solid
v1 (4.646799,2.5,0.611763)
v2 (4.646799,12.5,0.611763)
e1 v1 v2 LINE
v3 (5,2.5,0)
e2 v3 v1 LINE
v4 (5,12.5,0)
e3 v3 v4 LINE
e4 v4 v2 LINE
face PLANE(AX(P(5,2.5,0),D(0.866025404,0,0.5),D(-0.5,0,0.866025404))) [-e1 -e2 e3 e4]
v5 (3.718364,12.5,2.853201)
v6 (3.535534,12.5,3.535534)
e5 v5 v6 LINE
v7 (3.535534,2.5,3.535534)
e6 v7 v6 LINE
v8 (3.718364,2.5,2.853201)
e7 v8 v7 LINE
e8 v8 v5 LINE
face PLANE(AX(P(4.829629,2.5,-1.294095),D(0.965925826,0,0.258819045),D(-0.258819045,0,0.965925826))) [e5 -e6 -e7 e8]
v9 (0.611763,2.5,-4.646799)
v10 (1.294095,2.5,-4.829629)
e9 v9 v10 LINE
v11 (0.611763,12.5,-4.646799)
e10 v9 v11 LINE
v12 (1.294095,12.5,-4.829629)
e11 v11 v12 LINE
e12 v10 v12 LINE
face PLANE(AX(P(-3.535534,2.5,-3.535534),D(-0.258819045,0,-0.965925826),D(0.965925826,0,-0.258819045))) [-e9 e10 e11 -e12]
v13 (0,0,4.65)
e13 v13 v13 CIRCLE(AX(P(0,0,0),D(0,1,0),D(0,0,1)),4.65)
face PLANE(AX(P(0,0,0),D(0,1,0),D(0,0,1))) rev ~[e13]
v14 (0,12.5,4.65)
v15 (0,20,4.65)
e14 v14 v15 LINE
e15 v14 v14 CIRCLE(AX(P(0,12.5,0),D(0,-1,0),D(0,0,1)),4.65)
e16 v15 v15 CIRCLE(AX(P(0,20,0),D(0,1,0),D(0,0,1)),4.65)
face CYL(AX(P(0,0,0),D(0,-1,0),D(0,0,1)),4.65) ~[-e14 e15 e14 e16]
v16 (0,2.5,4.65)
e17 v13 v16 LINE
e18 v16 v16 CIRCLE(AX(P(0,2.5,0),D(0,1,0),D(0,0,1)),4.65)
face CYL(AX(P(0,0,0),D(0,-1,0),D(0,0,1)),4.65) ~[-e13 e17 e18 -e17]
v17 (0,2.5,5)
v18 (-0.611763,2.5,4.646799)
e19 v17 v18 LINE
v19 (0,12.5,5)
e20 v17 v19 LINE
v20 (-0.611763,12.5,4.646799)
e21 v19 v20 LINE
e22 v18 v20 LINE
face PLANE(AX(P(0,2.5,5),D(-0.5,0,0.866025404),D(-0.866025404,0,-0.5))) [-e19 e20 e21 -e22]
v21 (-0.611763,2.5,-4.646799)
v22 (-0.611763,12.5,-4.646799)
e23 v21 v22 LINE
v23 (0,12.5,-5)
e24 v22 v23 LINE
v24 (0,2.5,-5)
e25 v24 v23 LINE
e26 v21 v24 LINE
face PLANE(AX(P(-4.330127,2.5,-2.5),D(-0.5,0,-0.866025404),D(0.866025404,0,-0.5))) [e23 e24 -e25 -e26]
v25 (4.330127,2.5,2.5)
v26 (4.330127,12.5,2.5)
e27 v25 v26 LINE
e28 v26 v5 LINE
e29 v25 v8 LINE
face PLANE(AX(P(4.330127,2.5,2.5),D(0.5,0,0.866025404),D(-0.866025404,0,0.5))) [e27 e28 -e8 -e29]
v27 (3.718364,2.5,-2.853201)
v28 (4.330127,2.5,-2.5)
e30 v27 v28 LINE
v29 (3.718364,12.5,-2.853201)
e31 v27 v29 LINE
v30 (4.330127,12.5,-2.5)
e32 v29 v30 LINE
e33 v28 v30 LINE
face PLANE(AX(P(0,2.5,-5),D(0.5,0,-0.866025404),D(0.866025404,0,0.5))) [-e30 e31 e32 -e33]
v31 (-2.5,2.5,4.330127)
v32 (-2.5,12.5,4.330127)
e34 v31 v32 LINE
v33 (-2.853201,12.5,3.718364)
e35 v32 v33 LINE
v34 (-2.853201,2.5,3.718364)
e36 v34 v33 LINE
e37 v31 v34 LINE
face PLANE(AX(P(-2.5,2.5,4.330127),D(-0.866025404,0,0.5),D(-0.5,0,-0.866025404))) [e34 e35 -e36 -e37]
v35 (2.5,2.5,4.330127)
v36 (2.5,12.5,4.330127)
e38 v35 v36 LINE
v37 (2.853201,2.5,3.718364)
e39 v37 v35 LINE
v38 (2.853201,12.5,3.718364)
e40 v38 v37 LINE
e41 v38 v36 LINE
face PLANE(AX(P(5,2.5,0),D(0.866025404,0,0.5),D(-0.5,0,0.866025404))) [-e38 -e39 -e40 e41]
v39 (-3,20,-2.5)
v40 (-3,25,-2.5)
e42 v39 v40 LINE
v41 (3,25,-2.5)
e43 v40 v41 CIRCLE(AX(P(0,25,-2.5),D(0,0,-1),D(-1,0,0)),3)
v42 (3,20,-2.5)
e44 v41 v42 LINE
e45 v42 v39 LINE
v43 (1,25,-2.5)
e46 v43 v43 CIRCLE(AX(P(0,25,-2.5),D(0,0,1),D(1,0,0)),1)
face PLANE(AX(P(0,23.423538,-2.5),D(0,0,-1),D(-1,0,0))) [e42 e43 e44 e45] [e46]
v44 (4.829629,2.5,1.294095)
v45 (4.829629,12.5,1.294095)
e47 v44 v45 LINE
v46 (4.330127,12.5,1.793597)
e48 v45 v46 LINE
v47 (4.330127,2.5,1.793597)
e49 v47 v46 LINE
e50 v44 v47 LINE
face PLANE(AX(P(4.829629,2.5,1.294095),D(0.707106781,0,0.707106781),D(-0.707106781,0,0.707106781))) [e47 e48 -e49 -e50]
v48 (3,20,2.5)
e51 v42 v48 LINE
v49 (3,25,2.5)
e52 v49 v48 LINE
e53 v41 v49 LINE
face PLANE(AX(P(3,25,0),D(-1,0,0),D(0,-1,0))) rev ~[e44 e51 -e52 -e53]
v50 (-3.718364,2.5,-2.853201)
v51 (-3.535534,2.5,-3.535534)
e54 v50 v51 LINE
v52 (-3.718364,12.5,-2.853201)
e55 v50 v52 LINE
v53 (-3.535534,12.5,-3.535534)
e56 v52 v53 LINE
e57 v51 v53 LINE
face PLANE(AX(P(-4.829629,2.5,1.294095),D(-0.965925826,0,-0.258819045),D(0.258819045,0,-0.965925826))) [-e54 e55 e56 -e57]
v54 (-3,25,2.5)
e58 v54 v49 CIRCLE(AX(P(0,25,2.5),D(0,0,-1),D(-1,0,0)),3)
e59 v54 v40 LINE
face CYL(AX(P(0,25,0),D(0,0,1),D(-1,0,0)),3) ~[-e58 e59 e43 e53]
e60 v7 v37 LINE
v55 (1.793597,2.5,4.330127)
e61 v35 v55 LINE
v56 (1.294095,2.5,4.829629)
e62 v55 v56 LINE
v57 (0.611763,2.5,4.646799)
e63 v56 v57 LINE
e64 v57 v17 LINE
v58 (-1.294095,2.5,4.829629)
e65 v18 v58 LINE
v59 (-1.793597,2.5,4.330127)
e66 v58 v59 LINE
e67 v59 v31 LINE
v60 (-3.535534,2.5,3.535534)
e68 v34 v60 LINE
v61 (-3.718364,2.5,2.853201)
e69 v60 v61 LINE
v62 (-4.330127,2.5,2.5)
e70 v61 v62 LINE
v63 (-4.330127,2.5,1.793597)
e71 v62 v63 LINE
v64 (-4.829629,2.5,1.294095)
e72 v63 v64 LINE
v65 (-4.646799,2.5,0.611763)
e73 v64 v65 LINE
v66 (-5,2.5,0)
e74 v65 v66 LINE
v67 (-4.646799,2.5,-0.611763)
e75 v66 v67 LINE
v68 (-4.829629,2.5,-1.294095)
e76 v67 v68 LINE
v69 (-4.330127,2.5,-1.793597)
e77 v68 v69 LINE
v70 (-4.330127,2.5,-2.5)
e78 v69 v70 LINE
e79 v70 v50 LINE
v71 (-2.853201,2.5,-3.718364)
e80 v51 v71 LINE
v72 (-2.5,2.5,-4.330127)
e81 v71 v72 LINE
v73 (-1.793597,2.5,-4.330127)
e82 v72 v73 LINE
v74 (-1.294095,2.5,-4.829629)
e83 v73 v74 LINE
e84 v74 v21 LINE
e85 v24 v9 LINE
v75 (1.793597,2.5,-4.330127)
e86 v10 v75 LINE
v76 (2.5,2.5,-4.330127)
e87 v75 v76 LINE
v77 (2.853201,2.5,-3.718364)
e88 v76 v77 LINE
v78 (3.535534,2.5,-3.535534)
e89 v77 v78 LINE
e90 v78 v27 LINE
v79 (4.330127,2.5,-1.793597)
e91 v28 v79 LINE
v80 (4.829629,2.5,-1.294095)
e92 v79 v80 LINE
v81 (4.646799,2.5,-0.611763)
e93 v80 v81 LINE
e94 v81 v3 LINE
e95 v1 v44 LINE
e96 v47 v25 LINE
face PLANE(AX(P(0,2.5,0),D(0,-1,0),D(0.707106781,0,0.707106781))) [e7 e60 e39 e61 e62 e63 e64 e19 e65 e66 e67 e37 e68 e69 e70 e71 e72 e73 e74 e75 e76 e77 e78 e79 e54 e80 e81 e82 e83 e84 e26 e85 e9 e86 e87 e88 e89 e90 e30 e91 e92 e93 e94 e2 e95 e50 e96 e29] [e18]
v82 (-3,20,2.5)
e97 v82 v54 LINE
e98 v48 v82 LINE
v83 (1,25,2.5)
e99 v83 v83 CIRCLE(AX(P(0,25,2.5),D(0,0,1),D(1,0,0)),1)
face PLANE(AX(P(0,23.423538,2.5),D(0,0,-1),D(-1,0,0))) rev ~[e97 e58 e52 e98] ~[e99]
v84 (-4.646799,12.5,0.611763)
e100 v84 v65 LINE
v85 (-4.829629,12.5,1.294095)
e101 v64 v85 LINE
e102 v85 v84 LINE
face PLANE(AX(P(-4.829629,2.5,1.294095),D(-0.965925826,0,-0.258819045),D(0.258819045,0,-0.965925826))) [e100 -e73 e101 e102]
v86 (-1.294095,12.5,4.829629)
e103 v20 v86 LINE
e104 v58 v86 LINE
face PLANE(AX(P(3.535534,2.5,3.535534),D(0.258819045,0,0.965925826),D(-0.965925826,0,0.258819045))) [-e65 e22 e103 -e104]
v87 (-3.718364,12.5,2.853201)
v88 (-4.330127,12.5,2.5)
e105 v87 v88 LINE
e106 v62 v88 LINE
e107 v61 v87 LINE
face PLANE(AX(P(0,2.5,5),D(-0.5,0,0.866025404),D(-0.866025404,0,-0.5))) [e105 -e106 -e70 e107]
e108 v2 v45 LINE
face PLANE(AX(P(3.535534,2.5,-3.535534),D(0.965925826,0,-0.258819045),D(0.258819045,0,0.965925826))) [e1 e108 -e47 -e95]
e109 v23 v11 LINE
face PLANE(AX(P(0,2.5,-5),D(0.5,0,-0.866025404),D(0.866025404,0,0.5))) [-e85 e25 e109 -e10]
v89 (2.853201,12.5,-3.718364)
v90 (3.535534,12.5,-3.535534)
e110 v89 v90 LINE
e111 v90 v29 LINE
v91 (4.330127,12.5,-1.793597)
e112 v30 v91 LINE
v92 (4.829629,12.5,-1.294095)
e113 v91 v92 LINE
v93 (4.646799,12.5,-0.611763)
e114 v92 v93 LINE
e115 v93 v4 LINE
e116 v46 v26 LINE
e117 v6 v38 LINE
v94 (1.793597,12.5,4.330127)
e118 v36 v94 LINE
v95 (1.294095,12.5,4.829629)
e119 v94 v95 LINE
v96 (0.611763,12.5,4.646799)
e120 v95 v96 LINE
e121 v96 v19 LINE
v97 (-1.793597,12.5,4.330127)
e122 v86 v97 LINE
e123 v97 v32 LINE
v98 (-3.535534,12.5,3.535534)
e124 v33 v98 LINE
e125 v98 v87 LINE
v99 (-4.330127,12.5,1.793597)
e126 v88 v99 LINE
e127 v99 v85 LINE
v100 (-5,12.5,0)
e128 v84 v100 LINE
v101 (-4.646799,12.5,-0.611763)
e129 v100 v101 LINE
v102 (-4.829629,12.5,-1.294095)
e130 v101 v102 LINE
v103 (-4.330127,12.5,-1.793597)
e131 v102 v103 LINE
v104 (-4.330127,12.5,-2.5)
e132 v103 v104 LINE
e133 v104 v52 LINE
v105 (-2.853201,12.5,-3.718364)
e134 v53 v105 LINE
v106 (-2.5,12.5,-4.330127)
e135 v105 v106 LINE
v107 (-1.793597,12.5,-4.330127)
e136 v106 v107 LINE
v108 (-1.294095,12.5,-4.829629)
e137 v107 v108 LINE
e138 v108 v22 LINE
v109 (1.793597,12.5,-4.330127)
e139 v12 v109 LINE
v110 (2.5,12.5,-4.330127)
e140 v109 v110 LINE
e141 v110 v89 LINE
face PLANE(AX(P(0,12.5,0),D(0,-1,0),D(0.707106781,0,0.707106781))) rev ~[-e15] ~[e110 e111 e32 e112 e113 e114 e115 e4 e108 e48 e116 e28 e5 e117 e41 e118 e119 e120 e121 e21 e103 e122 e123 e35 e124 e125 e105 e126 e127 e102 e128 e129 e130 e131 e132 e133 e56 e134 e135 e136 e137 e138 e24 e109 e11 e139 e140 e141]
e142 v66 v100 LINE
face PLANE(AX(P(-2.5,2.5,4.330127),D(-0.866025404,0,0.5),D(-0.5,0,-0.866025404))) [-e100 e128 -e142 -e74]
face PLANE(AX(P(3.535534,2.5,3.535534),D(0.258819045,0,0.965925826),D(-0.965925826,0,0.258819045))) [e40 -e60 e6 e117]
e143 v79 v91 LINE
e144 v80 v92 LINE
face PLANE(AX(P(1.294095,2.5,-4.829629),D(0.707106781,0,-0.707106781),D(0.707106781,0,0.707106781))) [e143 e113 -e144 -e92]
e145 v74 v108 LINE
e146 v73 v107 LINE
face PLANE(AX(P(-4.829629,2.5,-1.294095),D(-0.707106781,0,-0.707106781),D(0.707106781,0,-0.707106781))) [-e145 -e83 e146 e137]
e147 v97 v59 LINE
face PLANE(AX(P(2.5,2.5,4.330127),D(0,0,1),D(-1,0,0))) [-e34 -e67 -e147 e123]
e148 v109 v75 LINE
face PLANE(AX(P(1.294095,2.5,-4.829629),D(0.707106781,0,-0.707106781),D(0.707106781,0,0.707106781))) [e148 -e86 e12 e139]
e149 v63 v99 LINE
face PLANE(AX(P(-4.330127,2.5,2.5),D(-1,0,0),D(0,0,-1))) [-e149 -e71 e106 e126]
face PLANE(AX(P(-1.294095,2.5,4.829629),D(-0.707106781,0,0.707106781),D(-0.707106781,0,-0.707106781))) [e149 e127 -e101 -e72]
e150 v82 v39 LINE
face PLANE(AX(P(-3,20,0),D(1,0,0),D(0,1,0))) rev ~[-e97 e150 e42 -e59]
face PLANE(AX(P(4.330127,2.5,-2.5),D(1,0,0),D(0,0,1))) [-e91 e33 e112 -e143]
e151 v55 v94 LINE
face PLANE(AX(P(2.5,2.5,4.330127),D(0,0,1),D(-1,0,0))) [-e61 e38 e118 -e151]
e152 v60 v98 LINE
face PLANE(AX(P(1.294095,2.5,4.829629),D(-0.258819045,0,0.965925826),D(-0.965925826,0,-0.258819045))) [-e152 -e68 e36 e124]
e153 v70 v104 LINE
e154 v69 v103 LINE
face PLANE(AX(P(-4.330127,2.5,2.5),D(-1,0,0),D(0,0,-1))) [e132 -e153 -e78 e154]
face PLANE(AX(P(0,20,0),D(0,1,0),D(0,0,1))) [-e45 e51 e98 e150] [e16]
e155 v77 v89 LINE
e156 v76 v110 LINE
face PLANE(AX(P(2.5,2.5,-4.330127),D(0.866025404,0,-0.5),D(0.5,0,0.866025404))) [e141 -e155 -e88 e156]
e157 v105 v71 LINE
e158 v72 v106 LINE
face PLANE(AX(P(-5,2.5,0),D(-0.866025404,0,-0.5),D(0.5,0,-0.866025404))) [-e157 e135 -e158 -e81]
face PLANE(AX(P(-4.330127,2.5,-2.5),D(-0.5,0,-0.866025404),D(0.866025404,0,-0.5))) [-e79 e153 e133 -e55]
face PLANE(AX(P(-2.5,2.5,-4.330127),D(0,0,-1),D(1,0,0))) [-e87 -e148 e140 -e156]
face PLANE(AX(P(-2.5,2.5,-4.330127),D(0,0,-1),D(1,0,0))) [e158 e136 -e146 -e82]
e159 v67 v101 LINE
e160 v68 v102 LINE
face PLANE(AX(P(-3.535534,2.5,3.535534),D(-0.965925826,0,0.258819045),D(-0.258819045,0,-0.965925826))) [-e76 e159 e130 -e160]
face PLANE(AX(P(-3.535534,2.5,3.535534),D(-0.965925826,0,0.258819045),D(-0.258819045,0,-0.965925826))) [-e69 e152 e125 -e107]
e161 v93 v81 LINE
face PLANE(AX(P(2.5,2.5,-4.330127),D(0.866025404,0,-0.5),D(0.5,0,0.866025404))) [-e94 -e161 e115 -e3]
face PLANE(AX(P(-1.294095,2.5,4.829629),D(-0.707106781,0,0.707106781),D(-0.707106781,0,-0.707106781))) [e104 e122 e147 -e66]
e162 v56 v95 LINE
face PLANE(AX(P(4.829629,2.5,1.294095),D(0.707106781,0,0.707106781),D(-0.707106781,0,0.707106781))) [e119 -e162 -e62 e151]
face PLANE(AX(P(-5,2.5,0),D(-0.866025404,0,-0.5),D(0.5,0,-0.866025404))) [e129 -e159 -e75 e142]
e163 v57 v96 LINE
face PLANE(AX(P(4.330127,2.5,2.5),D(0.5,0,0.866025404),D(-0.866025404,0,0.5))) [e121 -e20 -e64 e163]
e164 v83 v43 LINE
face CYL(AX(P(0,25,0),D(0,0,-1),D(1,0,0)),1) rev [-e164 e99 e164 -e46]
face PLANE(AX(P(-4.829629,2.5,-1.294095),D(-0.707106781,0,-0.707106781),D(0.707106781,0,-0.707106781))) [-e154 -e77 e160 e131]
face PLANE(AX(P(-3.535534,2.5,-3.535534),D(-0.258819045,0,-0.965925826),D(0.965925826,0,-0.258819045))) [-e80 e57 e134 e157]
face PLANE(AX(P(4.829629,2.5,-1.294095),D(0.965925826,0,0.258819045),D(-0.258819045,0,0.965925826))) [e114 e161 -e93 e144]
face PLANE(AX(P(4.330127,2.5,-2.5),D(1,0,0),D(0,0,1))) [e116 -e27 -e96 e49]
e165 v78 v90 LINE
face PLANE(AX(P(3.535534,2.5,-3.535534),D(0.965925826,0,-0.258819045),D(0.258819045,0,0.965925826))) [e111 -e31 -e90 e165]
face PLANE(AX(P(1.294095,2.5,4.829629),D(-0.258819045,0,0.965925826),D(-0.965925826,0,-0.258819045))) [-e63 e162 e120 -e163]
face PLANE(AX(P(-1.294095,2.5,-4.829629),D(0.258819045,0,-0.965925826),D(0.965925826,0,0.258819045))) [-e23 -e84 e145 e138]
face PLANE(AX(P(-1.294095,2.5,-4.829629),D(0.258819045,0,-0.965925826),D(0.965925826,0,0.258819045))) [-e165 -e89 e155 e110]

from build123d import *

# Parameters (mm, degrees)
SKETCH3_R           = 4.65
BOSS_EXTRUDE1_DEPTH = 20
SKETCH4_R           = 1
BOSS_EXTRUDE2_DEPTH = 2.5
BOSS_EXTRUDE3_START = -2.5
BOSS_EXTRUDE3_DEPTH = 10
CIRPATTERN1_COUNT   = 4
CIRPATTERN1_ANGLE   = 45


with BuildPart() as part:
    # Sketch3 → Boss-Extrude1 (new body)
    with BuildSketch(Plane(origin=(0, 0, 0), x_dir=(1, 0, 0), z_dir=(0, 1, 0))):
        with Locations(Location((0, 0, 0), (0, 0, 270))):
            Circle(SKETCH3_R)
    extrude(amount=BOSS_EXTRUDE1_DEPTH)

    # Sketch4 → Boss-Extrude2 (add, symmetric)
    with BuildSketch(Plane.XY):
        with BuildLine():
            Line((3, 20), (-3, 20))
            Line((-3, 20), (-3, 25))
            ThreePointArc((-3, 25), (0, 28), (3, 25))
            Line((3, 25), (3, 20))
        make_face()
        with Locations((0, 25)):
            Circle(SKETCH4_R, mode=Mode.SUBTRACT)
    extrude(amount=BOSS_EXTRUDE2_DEPTH, both=True)

    # Sketch5 → Boss-Extrude3 (add)
    with BuildSketch(Plane.XZ.offset(BOSS_EXTRUDE3_START)):
        Polygon((-5, 0), (-2.5, -4.330127019), (2.5, -4.330127019), (5, 0), (2.5, 4.330127019), (-2.5, 4.330127019), align=None)
    boss_extrude3 = extrude(amount=-BOSS_EXTRUDE3_DEPTH)

    # CirPattern1: Boss-Extrude3 ×4 about axis
    cirpattern1_axis = Axis((0, 0, 0), (0, -1, 0))
    for i in range(1, CIRPATTERN1_COUNT):
        add(boss_extrude3.rotate(cirpattern1_axis, i * CIRPATTERN1_ANGLE / (CIRPATTERN1_COUNT - 1)))


solid = part.part
